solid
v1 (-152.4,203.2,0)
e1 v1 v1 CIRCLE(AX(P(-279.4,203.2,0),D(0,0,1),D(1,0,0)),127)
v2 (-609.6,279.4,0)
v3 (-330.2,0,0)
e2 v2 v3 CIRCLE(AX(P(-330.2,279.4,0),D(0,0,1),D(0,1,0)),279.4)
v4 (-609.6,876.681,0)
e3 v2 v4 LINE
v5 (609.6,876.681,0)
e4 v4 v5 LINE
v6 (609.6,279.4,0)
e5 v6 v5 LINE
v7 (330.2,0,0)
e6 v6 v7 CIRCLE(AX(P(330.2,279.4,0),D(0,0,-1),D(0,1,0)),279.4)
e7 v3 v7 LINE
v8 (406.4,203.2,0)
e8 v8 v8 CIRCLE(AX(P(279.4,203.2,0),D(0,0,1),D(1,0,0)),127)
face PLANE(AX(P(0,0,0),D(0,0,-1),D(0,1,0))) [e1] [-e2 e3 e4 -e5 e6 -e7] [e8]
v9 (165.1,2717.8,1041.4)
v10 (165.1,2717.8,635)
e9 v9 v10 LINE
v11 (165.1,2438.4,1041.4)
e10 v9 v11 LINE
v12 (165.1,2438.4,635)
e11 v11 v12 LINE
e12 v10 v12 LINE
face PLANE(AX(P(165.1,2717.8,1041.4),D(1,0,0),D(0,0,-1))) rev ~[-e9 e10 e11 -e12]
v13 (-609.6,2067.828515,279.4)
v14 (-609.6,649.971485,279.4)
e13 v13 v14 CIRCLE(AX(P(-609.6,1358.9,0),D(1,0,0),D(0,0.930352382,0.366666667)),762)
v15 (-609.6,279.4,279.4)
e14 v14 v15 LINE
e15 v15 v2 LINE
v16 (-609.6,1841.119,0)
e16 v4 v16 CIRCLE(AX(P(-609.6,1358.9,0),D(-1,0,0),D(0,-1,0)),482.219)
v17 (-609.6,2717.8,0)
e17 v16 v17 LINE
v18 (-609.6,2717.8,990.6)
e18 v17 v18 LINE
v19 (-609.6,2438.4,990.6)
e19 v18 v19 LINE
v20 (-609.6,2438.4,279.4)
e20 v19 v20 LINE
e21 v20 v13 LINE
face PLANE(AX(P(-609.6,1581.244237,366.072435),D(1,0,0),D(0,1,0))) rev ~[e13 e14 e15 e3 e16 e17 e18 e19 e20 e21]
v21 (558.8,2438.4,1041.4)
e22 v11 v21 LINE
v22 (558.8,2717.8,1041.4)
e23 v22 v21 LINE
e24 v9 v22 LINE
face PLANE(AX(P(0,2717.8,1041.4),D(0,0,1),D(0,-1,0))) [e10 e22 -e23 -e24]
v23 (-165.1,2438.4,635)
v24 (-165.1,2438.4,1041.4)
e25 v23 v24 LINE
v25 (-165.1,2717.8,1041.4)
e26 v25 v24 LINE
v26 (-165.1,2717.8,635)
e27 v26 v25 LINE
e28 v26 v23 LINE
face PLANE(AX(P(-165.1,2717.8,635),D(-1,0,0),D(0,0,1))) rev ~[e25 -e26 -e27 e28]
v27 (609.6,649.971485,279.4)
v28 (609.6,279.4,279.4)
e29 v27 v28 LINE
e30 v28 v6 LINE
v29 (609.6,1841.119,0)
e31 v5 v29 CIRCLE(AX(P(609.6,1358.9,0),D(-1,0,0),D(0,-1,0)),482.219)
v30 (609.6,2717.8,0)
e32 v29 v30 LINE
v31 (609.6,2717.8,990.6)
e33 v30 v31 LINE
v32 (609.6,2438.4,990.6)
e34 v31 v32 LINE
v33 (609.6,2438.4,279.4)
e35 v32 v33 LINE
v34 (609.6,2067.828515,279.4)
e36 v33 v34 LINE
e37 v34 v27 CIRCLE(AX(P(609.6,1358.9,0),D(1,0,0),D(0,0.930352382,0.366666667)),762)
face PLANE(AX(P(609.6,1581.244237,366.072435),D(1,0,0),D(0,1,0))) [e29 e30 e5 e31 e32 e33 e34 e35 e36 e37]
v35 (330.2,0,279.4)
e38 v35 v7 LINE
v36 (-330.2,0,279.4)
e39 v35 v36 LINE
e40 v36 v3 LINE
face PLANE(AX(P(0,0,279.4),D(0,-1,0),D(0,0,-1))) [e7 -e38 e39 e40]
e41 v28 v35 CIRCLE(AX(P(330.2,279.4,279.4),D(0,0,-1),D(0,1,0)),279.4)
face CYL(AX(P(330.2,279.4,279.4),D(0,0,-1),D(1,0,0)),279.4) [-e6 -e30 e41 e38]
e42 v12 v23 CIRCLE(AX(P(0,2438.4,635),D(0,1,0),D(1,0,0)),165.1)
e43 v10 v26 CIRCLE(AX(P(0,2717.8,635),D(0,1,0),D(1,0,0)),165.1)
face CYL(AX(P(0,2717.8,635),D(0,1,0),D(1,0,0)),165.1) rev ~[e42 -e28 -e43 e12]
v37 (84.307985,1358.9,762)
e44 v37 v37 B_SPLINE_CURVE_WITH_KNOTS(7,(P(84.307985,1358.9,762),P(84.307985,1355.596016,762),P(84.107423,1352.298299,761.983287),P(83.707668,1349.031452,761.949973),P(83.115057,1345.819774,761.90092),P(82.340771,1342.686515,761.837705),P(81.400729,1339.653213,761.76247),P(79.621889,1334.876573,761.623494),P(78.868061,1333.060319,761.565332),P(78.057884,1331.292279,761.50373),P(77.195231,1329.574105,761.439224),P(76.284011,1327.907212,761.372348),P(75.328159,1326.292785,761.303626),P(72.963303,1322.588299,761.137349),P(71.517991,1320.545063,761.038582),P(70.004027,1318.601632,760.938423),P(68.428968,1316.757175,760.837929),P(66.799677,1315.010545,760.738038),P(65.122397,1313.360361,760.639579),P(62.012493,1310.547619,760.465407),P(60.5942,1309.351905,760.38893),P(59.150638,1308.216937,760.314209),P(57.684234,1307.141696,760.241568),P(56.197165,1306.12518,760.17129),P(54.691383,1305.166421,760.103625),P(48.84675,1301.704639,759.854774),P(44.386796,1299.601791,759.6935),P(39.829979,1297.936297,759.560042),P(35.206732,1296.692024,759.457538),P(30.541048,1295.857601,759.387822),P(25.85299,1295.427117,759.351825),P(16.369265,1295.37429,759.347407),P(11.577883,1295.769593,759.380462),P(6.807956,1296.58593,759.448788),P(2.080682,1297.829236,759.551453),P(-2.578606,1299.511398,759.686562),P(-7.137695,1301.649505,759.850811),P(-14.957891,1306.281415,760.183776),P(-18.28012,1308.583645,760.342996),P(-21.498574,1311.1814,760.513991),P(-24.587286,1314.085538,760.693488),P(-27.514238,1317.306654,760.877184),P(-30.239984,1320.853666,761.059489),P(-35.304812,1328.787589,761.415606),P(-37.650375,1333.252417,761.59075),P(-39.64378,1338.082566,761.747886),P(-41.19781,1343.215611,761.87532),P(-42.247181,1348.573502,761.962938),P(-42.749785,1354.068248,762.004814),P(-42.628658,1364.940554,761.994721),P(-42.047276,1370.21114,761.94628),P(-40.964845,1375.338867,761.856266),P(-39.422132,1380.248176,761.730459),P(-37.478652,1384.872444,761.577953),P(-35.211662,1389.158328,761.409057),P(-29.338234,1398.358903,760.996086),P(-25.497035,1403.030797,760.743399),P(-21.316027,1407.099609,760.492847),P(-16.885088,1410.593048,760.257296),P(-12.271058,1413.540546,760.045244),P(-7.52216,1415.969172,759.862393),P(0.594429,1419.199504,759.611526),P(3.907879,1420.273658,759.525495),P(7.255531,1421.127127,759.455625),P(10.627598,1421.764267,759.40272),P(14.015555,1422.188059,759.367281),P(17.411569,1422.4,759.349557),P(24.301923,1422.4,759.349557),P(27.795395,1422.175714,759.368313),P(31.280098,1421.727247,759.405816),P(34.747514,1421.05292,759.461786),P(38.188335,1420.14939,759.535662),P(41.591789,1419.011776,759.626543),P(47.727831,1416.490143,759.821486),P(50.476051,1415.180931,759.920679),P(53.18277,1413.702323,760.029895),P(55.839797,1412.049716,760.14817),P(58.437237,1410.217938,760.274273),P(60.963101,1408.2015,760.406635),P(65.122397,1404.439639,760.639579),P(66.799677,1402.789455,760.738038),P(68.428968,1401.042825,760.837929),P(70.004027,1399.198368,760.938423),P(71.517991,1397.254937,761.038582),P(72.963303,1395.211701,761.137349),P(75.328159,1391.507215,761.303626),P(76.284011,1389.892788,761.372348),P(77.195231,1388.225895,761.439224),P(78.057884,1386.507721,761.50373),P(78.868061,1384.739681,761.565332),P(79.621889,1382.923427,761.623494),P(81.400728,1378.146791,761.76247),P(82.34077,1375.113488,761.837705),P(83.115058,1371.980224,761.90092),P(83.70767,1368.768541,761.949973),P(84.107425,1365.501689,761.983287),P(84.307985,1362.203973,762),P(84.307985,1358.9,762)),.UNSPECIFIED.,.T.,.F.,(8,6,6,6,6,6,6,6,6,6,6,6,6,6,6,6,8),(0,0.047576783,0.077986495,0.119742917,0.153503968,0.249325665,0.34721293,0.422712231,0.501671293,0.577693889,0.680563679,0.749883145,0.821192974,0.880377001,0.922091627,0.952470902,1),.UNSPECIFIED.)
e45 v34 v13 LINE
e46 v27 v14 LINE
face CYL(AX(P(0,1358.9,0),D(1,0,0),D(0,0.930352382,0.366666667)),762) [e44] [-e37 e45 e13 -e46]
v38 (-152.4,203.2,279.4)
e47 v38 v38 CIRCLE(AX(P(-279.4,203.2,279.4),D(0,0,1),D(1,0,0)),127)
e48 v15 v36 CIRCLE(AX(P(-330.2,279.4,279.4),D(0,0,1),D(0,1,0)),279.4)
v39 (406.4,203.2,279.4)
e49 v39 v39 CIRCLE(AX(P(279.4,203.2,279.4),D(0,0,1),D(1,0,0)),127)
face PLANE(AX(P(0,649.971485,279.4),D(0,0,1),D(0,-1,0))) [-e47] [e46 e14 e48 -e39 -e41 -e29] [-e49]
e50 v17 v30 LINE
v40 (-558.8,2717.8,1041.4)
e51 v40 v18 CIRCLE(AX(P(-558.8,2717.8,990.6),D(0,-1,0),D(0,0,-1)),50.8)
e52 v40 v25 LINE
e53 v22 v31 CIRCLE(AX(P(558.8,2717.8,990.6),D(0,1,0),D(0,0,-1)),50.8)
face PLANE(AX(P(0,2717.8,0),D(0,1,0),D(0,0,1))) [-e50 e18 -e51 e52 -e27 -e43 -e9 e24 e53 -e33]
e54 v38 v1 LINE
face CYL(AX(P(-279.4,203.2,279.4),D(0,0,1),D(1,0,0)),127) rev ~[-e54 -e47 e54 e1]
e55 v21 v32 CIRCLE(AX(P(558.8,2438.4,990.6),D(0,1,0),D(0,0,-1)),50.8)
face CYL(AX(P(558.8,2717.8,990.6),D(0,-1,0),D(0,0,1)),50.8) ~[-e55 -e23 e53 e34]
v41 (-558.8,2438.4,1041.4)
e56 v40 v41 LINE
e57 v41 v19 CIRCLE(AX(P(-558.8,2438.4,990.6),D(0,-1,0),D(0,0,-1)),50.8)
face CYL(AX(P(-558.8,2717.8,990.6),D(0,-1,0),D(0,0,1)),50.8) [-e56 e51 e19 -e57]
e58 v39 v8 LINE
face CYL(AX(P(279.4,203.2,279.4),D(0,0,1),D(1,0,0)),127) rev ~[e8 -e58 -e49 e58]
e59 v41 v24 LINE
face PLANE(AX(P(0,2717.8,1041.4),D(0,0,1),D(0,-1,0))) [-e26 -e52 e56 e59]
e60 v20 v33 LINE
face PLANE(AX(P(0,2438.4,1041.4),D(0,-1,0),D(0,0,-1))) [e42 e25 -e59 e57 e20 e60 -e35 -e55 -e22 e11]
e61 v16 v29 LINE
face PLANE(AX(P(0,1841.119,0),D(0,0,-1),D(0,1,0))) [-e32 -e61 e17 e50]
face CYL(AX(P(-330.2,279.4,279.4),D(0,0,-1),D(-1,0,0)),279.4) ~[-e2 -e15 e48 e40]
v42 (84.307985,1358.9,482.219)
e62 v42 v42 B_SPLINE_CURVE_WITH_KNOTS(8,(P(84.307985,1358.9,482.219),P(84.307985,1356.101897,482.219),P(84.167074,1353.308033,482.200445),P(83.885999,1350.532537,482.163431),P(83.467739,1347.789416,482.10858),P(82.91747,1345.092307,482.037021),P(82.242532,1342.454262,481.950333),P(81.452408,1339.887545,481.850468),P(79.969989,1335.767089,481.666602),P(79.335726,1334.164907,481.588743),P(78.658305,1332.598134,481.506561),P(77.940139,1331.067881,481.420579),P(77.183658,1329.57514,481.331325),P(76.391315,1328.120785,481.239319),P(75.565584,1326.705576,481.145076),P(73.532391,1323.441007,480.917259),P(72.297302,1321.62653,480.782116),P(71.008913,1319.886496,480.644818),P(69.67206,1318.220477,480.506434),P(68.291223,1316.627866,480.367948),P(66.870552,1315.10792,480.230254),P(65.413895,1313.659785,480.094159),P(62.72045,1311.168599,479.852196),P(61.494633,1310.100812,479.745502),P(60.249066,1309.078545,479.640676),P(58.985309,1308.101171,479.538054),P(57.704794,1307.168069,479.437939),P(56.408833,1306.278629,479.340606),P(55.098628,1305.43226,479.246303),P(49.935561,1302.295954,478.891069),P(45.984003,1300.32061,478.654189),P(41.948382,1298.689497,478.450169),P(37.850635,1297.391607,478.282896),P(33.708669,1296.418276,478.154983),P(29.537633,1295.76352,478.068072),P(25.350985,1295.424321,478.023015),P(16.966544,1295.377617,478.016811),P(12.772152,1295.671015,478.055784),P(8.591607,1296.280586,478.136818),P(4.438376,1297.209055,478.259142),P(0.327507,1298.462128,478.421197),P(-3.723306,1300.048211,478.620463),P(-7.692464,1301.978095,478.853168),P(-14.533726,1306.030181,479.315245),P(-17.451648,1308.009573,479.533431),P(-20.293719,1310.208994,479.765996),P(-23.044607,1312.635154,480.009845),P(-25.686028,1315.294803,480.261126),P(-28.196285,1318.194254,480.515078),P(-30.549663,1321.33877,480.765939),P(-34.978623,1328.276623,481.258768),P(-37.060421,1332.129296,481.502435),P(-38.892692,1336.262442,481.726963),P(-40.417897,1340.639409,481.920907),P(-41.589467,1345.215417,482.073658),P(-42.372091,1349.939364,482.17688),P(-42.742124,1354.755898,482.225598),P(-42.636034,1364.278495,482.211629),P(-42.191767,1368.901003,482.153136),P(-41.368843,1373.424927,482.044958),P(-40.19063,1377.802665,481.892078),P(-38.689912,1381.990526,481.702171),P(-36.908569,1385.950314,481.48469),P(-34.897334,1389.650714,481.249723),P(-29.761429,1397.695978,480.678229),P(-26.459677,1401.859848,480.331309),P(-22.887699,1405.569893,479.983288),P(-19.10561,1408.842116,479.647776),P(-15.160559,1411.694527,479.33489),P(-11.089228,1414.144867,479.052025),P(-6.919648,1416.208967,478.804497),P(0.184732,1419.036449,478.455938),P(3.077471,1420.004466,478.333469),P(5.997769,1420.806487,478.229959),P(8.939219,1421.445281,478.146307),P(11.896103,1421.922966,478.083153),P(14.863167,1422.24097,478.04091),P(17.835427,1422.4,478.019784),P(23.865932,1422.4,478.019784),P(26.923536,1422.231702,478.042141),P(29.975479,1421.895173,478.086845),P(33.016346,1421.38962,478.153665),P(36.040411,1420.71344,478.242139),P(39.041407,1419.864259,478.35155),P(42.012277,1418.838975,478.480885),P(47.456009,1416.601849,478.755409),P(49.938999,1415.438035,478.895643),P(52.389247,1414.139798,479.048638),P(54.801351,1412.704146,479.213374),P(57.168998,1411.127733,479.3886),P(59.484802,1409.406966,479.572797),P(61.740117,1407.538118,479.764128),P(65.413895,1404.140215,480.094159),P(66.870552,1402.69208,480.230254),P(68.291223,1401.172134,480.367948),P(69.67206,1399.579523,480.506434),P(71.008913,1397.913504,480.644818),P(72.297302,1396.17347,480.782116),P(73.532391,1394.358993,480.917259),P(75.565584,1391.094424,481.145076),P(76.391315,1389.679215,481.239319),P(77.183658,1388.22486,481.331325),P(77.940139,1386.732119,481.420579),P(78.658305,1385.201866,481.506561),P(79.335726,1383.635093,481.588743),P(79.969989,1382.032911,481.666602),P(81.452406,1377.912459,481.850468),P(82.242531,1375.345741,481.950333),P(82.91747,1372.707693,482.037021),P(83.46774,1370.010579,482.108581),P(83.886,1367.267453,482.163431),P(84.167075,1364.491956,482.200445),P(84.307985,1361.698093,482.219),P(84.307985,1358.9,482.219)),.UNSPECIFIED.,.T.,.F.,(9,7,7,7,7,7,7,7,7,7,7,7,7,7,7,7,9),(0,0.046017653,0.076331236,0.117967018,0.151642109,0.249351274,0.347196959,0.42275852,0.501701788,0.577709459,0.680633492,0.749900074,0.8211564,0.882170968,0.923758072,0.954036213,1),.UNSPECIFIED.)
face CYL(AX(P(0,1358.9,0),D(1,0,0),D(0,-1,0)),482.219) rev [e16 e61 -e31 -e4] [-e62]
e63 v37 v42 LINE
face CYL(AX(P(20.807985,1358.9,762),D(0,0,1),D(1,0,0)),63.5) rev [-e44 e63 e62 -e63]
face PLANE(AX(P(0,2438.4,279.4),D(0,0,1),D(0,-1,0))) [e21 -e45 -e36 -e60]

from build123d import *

# Parameters (mm, degrees)
F1_DEPTH  = 609.6
F2_R      = 50.8
F4_DEPTH  = 279.4
F5_R      = 127
F6_DEPTH  = 279.401
F7_DEPTH  = 25.4
F8_R      = 279.4
F10_R     = 63.5
F11_DEPTH = 762.001


with BuildPart() as f1:
    # F0 (on Right) → F1 (new body, symmetric)
    with BuildSketch(Plane.YZ):
        with BuildLine():
            Line((0, 279.4), (0, 0))
            Line((0, 0), (596.9, 0))
            Line((596.9, 0), (876.681, 0))
            ThreePointArc((876.681, 0), (1358.9, 482.219), (1841.119, 0))
            Line((1841.119, 0), (2120.9, 0))
            Line((2120.9, 0), (2438.4, 0))
            Line((2438.4, 0), (2717.8, 0))
            Line((2717.8, 0), (2717.8, 279.4))
            Line((2717.8, 279.4), (2717.8, 1041.4))
            Line((2717.8, 1041.4), (2438.4, 1041.4))
            Line((2438.4, 1041.4), (2438.4, 279.4))
            Line((2438.4, 279.4), (2067.8285154372, 279.4))
            ThreePointArc((2067.8285154372, 279.4), (1358.9, 762), (649.9714845628, 279.4))
            Line((649.9714845628, 279.4), (0, 279.4))
        make_face()
    extrude(amount=F1_DEPTH, both=True)

    # F2
    f2_edges = [f1.edges().sort_by_distance(p)[0] for p in [
        (609.6, 2578.1, 1041.4),
        (-609.6, 2578.1, 1041.4),
    ]]
    fillet(f2_edges, radius=F2_R)

    # F3 (on face) → F4 (cut, through all)
    with BuildSketch(Plane(origin=(0, 2717.8, 0), x_dir=(-1, 0, 0), z_dir=(0, 1, 0))):
        with BuildLine():
            Line((165.1, 1041.4), (-165.1, 1041.4))
            Line((-165.1, 1041.4), (-165.1, 635))
            ThreePointArc((-165.1, 635), (0, 469.9), (165.1, 635))
            Line((165.1, 635), (165.1, 1041.4))
        make_face()
    extrude(amount=-F4_DEPTH, mode=Mode.SUBTRACT)

    # F5 (on face) → F6 (cut, through all)
    with BuildSketch(Plane.XY.offset(279.4)):
        with Locations((-279.4, 203.2)):
            Circle(F5_R)
        with Locations((279.4, 203.2)):
            Circle(F5_R)
    extrude(amount=-F6_DEPTH, mode=Mode.SUBTRACT)

    # F5 (on face) → F7 (cut)
    with BuildSketch(Plane.XY.offset(279.4)):
        with Locations((-279.4, 203.2)):
            Circle(F5_R)
        with Locations((279.4, 203.2)):
            Circle(F5_R)
    extrude(amount=F7_DEPTH, mode=Mode.SUBTRACT)

    # F8
    f8_edges = [f1.edges().sort_by_distance(p)[0] for p in [
        (609.6, 0, 139.7),
        (-609.6, 0, 139.7),
    ]]
    fillet(f8_edges, radius=F8_R)

    # F10 (on offset) → F11 (cut, through all)
    with BuildSketch(Plane(origin=(0, 0, 762), x_dir=(1, 0, 0), z_dir=(0, 0, -1))):
        with Locations((20.8079852581, -1358.9)):
            Circle(F10_R)
    extrude(amount=F11_DEPTH, mode=Mode.SUBTRACT)


solid = f1.part
